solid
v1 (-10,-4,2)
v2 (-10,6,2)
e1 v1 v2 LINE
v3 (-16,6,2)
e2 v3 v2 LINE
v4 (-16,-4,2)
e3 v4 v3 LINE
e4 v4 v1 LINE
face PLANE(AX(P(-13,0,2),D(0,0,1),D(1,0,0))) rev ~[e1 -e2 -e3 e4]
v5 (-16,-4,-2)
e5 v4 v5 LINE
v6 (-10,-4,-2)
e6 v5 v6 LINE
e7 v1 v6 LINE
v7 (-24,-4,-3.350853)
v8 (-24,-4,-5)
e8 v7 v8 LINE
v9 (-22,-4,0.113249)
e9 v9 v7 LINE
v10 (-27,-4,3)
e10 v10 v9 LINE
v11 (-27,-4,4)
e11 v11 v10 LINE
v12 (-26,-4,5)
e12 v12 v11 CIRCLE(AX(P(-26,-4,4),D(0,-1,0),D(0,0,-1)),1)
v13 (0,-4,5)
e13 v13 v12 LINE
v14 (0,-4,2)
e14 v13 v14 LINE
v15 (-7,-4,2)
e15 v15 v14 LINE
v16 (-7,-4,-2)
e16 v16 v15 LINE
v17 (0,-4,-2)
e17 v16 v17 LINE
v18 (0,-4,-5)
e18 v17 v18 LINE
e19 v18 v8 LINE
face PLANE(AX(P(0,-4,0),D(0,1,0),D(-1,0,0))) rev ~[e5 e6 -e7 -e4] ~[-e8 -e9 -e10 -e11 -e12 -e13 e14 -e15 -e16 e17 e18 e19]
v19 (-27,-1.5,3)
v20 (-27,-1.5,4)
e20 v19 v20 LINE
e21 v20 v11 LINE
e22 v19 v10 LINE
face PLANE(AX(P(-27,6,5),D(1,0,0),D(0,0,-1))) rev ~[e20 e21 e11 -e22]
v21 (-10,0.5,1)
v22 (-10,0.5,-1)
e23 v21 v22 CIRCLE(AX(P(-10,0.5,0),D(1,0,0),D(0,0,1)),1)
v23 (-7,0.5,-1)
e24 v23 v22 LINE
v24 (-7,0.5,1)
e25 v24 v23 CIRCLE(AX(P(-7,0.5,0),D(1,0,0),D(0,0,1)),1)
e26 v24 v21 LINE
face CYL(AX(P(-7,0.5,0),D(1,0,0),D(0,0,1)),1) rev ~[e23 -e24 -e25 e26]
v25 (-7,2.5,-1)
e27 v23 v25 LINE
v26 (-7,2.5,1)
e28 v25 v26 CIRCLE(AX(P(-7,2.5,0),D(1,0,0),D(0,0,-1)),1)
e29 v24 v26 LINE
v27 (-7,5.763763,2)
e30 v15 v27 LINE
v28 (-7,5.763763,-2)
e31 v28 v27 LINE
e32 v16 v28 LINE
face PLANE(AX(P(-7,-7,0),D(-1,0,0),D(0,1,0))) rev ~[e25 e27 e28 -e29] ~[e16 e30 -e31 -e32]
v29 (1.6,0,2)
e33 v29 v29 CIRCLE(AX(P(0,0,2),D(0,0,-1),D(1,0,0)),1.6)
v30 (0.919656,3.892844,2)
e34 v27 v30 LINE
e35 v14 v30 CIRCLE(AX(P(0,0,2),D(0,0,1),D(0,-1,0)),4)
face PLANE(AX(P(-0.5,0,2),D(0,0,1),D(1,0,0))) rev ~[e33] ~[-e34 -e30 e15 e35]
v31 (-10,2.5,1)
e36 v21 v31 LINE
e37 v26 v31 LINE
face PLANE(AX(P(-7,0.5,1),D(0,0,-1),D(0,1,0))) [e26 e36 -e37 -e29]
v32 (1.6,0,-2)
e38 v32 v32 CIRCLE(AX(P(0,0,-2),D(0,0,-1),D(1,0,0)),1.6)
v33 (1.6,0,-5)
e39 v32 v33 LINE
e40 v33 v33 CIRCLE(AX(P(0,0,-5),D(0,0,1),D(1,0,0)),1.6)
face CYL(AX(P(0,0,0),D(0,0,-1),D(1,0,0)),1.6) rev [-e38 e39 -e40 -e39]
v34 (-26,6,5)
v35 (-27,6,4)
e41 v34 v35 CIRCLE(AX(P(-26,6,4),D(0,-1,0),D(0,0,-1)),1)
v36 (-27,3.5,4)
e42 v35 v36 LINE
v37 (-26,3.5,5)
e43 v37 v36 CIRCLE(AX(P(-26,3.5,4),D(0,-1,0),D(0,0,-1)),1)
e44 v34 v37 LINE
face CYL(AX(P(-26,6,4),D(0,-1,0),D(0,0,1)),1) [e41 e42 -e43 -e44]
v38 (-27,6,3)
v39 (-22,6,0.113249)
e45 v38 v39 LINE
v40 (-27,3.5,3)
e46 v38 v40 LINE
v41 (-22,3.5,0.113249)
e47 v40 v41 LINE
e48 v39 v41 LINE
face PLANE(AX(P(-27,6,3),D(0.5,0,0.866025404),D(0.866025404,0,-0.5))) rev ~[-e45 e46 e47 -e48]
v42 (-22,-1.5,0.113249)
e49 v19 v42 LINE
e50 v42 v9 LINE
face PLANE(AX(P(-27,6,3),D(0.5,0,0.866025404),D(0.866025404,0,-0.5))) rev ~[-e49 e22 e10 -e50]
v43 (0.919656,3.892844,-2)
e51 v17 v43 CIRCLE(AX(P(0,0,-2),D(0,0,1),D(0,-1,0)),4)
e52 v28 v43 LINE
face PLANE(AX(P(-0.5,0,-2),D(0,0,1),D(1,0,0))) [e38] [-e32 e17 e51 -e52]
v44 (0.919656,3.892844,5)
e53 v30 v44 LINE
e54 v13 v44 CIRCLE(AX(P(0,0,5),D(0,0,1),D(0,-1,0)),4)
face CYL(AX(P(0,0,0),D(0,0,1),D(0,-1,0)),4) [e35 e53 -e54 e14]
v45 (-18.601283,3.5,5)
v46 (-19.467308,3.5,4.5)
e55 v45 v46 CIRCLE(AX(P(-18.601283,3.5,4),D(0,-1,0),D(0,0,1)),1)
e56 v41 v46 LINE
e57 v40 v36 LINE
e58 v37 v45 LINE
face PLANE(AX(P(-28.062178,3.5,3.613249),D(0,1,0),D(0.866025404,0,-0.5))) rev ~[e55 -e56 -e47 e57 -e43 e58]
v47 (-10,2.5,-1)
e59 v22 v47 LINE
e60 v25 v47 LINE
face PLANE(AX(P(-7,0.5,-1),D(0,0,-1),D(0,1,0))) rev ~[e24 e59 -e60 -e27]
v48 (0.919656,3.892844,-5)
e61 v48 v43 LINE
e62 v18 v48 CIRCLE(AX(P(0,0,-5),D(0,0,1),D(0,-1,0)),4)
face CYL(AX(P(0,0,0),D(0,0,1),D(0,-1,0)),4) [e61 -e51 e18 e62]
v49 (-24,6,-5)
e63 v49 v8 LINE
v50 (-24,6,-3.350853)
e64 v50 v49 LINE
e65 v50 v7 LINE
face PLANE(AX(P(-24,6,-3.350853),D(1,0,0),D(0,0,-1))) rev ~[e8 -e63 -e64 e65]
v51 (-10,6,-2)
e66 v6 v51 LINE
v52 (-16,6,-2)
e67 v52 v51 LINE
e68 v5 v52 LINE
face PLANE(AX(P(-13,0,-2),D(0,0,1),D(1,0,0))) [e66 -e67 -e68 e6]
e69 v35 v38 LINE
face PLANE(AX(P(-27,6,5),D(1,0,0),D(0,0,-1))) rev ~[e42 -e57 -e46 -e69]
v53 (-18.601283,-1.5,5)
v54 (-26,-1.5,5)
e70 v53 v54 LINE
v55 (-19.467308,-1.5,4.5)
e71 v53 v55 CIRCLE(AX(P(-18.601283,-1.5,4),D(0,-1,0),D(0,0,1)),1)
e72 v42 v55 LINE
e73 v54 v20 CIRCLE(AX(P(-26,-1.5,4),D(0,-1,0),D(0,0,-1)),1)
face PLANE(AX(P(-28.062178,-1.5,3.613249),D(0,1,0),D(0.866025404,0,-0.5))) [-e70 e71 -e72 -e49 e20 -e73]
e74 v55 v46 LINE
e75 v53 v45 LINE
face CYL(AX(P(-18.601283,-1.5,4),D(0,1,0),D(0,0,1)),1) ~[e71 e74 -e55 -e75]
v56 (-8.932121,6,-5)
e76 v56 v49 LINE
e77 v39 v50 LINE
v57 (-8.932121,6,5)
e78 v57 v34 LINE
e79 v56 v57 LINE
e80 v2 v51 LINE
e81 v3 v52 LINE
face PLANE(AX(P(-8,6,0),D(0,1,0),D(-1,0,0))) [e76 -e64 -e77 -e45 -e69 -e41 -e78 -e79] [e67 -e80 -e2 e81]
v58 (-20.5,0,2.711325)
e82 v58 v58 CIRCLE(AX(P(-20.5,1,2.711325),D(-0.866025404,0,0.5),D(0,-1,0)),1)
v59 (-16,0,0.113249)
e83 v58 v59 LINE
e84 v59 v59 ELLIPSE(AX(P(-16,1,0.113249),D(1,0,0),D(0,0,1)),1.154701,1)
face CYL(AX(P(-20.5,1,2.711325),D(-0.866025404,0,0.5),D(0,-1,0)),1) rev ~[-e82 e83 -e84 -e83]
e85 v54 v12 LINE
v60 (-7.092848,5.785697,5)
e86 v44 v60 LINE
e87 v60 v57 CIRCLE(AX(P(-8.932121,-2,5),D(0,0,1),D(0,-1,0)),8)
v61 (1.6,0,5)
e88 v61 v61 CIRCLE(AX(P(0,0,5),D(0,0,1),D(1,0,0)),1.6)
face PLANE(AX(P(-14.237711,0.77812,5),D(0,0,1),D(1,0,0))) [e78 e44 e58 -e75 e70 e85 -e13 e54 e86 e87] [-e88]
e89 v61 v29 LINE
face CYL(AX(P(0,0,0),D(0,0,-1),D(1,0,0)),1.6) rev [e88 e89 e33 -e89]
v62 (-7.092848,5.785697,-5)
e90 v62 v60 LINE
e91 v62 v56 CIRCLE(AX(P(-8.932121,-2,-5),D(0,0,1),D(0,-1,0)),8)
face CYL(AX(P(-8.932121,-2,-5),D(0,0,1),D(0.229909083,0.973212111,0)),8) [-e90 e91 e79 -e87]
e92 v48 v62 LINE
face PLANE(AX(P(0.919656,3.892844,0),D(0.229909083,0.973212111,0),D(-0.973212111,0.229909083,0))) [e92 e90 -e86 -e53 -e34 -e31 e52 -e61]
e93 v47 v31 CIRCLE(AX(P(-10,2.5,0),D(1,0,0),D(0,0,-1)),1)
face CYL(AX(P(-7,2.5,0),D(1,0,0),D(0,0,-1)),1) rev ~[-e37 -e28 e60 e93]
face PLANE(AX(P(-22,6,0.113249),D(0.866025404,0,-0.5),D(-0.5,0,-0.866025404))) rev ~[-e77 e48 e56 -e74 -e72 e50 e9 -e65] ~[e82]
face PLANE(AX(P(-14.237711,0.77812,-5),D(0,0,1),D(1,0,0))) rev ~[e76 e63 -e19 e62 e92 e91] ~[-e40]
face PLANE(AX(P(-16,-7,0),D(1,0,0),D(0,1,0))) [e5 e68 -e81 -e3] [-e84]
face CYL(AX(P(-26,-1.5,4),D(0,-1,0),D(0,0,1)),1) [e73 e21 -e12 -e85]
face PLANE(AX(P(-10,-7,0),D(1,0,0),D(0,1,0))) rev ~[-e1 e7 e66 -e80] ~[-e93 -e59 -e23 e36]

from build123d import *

# Parameters (mm, degrees)
SKETCH002_W     = 13
SKETCH002_H     = 14
SKETCH002_W_2   = 6
PAD001_DEPTH    = 2
SKETCH_R        = 1.6
PAD_DEPTH       = 5
POCKET_DEPTH    = 10.001
SKETCH003_W     = 7
SKETCH003_H     = 5
POCKET001_DEPTH = 17.2330508076
SKETCH004_R     = 1
POCKET002_DEPTH = 6
POCKET003_DEPTH = 3
FILLET_R        = 8
FILLET001_R     = 1
FILLET002_R     = 1


with BuildPart() as pad001:
    # Sketch002 → Pad001 (new body, symmetric)
    with BuildSketch(Plane.XY):
        with Locations((-0.5, 0)):
            Rectangle(SKETCH002_W, SKETCH002_H)
        with Locations((-13, 0)):
            Rectangle(SKETCH002_W_2, SKETCH002_H)
    extrude(amount=PAD001_DEPTH, both=True)


with BuildPart() as fillet002:
    # Sketch → Pad (new body, symmetric)
    with BuildSketch(Plane.XY):
        with BuildLine():
            ThreePointArc((0, -4), (3.9731206567, -0.4629387079), (0.9196556715, 3.8928438764))
            Line((0.9196556715, 3.8928438764), (-8, 6))
            Line((-8, 6), (-30, 6))
            Line((-30, -4), (-30, 6))
            Line((0, -4), (-30, -4))
        make_face()
        Circle(SKETCH_R, mode=Mode.SUBTRACT)
    extrude(amount=PAD_DEPTH, both=True)

    # Sketch001 → Pocket (cut, through all)
    with BuildSketch(Plane(origin=(0, 6, 0), x_dir=(-1, 0, 0), z_dir=(0, 1, 0))):
        Polygon((22, 0.1132486541), (24, -3.3508529611), (24, -5), (30, -5), (30, 5), (27, 5), (27, 3), align=None)
    extrude(amount=-POCKET_DEPTH, mode=Mode.SUBTRACT)

    # Cut: cut Pad001
    add(pad001.part, mode=Mode.SUBTRACT)

    # Sketch003 → Pocket001 (cut, through all)
    with BuildSketch(Plane(origin=(-5.4509618943, 0, -9.4413429511), x_dir=(0.8660254038, 0, -0.5), z_dir=(-0.5, 0, -0.8660254038))):
        with Locations((-22.6091832103, -1)):
            Rectangle(SKETCH003_W, SKETCH003_H)
    extrude(amount=-POCKET001_DEPTH, mode=Mode.SUBTRACT)

    # Sketch004 → Pocket002 (cut)
    with BuildSketch(Plane(origin=(-16.5490381057, 0, 9.5545916051), x_dir=(0, -1, 0), z_dir=(-0.8660254038, 0, 0.5))):
        with Locations((-1, -7.9019237886)):
            Circle(SKETCH004_R)
    extrude(amount=-POCKET002_DEPTH, mode=Mode.SUBTRACT)

    # Sketch005 → Pocket003 (cut)
    with BuildSketch(Plane.YZ.offset(-7)):
        with BuildLine():
            Line((0.5, 1), (2.5, 1))
            ThreePointArc((2.5, -1), (3.5, 0), (2.5, 1))
            Line((0.5, -1), (2.5, -1))
            ThreePointArc((0.5, 1), (-0.5, 0), (0.5, -1))
        make_face()
    extrude(amount=-POCKET003_DEPTH, mode=Mode.SUBTRACT)

    # Fillet
    fillet_edges = [fillet002.edges().sort_by_distance(p)[0] for p in [
        (-8, 6, 0),
    ]]
    fillet(fillet_edges, radius=FILLET_R)

    # Fillet001
    fillet001_edges = [fillet002.edges().sort_by_distance(p)[0] for p in [
        (-27, 4.75, 5),
        (-27, -2.75, 5),
    ]]
    fillet(fillet001_edges, radius=FILLET001_R)

    # Fillet002
    fillet002_edges = [fillet002.edges().sort_by_distance(p)[0] for p in [
        (-19.178633, 1, 5),
    ]]
    fillet(fillet002_edges, radius=FILLET002_R)


solid = fillet002.part
